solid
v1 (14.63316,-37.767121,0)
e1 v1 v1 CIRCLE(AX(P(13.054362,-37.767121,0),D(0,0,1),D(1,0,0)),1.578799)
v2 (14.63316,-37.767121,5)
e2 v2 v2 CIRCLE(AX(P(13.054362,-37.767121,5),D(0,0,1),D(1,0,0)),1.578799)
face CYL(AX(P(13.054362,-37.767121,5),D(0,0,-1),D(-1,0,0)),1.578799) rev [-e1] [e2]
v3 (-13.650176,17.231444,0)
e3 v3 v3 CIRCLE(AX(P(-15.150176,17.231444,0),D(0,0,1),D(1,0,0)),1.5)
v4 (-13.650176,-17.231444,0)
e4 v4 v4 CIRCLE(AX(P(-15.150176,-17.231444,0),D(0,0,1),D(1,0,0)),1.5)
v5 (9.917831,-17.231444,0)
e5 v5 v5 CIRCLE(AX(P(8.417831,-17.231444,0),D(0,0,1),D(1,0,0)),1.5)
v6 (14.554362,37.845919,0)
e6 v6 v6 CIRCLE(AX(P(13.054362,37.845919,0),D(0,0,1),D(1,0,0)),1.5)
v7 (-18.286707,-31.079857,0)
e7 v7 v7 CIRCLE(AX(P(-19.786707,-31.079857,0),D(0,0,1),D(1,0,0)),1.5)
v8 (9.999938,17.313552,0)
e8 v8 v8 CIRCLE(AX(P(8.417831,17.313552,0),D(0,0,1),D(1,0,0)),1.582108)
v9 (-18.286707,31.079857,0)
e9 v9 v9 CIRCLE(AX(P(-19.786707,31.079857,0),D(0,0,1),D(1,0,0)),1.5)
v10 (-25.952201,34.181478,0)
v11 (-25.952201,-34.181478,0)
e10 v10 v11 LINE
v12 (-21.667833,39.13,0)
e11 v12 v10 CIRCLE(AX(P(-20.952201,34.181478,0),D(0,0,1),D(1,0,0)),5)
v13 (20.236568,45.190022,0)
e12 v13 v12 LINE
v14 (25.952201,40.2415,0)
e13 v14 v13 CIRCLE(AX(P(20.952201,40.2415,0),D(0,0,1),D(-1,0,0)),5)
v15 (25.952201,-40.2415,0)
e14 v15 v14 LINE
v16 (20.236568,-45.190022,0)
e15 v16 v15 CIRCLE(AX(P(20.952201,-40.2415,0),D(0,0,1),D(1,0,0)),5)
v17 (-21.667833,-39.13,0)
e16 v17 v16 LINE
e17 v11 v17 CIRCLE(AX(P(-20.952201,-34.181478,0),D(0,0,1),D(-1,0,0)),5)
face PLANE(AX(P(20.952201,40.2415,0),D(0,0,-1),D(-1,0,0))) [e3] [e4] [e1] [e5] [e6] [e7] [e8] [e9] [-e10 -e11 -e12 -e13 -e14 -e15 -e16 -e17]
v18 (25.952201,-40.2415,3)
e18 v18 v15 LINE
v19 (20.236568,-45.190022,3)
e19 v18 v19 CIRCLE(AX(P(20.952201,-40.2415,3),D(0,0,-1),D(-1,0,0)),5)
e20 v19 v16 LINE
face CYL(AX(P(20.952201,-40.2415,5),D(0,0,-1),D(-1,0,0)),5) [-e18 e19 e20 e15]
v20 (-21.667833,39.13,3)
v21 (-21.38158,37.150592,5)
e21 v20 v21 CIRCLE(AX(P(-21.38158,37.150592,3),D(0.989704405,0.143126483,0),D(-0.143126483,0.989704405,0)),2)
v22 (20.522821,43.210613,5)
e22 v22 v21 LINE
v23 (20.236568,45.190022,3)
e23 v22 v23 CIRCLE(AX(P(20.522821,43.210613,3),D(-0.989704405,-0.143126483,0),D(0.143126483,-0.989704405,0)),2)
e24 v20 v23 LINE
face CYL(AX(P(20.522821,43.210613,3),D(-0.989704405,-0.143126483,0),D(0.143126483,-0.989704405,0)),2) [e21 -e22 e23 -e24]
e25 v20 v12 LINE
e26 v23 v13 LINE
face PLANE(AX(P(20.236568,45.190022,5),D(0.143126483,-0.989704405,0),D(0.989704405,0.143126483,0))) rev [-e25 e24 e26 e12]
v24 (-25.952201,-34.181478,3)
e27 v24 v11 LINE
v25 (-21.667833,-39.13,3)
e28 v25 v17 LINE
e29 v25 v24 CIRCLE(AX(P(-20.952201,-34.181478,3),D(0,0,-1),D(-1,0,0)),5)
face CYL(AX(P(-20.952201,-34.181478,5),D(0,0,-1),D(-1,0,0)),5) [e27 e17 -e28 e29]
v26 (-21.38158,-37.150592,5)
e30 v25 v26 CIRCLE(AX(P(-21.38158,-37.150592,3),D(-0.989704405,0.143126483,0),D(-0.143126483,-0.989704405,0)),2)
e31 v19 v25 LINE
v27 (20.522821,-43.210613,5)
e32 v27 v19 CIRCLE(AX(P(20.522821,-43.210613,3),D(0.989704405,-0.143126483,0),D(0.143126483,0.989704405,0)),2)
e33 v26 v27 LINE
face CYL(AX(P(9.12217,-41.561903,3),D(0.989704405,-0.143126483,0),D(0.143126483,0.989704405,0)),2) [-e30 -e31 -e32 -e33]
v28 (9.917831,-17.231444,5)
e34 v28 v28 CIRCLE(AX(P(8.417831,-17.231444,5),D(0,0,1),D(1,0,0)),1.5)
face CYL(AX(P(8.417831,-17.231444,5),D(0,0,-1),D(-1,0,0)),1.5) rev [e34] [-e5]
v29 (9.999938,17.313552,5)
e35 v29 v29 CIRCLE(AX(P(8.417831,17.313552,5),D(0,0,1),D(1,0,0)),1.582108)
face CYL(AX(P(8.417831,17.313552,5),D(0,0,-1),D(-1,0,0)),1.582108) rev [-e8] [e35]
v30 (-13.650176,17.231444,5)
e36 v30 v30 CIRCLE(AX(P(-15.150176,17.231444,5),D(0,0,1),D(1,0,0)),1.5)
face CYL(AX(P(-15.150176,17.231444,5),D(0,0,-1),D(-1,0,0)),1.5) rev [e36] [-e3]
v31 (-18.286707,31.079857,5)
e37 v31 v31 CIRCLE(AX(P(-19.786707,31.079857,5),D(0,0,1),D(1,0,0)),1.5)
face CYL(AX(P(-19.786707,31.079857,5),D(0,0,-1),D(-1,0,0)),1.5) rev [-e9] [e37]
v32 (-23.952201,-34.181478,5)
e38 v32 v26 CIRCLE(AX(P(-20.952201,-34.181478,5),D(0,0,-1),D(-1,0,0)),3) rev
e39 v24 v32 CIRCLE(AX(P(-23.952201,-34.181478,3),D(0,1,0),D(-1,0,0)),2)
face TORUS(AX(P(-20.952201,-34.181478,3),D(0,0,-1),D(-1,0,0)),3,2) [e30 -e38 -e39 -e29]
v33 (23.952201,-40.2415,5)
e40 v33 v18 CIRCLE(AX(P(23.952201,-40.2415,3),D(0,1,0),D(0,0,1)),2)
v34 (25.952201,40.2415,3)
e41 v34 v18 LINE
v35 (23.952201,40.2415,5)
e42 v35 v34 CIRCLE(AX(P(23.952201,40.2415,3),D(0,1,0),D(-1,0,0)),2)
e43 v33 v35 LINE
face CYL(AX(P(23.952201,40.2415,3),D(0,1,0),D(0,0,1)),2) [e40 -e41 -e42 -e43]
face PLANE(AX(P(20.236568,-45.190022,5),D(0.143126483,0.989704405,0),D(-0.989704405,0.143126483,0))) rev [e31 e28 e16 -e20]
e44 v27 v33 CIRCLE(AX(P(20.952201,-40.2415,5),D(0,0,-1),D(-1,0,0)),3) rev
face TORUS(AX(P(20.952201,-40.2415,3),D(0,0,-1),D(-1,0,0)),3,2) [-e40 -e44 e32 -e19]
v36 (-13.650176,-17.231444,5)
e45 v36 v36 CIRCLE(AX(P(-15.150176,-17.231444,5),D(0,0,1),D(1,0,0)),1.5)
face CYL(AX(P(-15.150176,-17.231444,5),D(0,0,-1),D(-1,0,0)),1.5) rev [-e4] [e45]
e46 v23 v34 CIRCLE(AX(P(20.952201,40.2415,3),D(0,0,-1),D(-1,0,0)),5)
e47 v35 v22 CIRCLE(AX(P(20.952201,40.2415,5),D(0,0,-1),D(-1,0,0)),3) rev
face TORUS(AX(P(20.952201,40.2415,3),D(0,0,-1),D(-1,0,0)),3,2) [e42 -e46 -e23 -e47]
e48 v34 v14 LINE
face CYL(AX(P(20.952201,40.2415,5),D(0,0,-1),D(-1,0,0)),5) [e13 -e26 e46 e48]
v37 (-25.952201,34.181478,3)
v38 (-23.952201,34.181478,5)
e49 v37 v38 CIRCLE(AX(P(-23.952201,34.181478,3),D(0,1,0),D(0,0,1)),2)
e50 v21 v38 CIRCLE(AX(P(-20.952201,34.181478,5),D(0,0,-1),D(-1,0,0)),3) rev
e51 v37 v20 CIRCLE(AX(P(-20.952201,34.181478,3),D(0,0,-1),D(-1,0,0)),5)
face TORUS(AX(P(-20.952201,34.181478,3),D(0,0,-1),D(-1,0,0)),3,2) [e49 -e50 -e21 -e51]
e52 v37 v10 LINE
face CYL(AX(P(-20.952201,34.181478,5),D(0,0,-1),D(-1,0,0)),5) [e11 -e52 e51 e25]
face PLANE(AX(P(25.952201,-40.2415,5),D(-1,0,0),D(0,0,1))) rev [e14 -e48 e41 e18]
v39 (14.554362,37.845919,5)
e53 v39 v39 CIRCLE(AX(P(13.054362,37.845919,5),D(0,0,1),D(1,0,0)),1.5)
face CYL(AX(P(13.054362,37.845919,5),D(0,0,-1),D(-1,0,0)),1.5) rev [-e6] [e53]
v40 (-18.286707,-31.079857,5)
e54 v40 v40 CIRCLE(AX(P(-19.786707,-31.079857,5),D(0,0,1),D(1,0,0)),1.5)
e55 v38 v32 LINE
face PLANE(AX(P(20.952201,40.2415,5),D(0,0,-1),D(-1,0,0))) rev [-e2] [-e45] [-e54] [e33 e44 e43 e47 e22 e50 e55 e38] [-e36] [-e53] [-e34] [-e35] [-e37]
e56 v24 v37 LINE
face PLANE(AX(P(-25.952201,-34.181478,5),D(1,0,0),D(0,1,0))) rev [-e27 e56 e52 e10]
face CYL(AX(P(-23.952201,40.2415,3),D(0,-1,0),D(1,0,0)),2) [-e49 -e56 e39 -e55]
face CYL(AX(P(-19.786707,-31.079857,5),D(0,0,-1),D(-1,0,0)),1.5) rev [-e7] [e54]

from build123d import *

# Parameters (mm, degrees)
ESQUISSE1_R        = 1.578798566
ESQUISSE1_R_2      = 1.5
ESQUISSE1_R_3      = 1.58210763
BOSS_EXTRU_1_DEPTH = 5
CONG_1_R           = 2


with BuildPart() as part:
    # Esquisse1 → Boss.-Extru.1 (new body)
    with BuildSketch(Plane.XY):
        with BuildLine():
            Line((20.236568094, -45.190021555), (-21.667832927, -39.130000484))
            ThreePointArc((-21.667832927, -39.130000484), (-24.732290594, -37.454232491), (-25.952200511, -34.181478458))
            Line((-25.952200511, -34.181478458), (-25.952200511, 34.181478458))
            ThreePointArc((-25.952200511, 34.181478458), (-24.732290594, 37.454232491), (-21.667832927, 39.130000484))
            Line((-21.667832927, 39.130000484), (20.236568094, 45.190021555))
            ThreePointArc((20.236568094, 45.190021555), (24.224954543, 44.021589613), (25.952200511, 40.241499529))
            Line((25.952200511, 40.241499529), (25.952200511, -40.241499529))
            ThreePointArc((25.952200511, -40.241499529), (24.224954543, -44.021589613), (20.236568094, -45.190021555))
        make_face()
        with Locations((13.054361823, -37.76712052)):
            Circle(ESQUISSE1_R, mode=Mode.SUBTRACT)
        with Locations((-19.786707419, -31.079856582)):
            Circle(ESQUISSE1_R_2, mode=Mode.SUBTRACT)
        with Locations((8.417830834, -17.231443917)):
            Circle(ESQUISSE1_R_2, mode=Mode.SUBTRACT)
        with Locations((-15.15017643, -17.231443917)):
            Circle(ESQUISSE1_R_2, mode=Mode.SUBTRACT)
        with Locations((8.417830834, 17.313551547)):
            Circle(ESQUISSE1_R_3, mode=Mode.SUBTRACT)
        with Locations((-15.15017643, 17.231443917)):
            Circle(ESQUISSE1_R_2, mode=Mode.SUBTRACT)
        with Locations((-19.786707419, 31.079856582)):
            Circle(ESQUISSE1_R_2, mode=Mode.SUBTRACT)
        with Locations((13.054361823, 37.845919086)):
            Circle(ESQUISSE1_R_2, mode=Mode.SUBTRACT)
    extrude(amount=BOSS_EXTRU_1_DEPTH)

    # Congé1
    cong_1_edges = [part.edges().sort_by_distance(p)[0] for p in [
        (-24.732290594, 37.454232491, 5),
        (-25.952200511, 0, 5),
        (-24.732290594, -37.454232491, 5),
        (-0.715632416, -42.16001102, 5),
        (24.224954543, -44.021589613, 5),
        (25.952200511, 0, 5),
        (24.224954543, 44.021589613, 5),
        (-0.715632416, 42.16001102, 5),
    ]]
    fillet(cong_1_edges, radius=CONG_1_R)


solid = part.part
